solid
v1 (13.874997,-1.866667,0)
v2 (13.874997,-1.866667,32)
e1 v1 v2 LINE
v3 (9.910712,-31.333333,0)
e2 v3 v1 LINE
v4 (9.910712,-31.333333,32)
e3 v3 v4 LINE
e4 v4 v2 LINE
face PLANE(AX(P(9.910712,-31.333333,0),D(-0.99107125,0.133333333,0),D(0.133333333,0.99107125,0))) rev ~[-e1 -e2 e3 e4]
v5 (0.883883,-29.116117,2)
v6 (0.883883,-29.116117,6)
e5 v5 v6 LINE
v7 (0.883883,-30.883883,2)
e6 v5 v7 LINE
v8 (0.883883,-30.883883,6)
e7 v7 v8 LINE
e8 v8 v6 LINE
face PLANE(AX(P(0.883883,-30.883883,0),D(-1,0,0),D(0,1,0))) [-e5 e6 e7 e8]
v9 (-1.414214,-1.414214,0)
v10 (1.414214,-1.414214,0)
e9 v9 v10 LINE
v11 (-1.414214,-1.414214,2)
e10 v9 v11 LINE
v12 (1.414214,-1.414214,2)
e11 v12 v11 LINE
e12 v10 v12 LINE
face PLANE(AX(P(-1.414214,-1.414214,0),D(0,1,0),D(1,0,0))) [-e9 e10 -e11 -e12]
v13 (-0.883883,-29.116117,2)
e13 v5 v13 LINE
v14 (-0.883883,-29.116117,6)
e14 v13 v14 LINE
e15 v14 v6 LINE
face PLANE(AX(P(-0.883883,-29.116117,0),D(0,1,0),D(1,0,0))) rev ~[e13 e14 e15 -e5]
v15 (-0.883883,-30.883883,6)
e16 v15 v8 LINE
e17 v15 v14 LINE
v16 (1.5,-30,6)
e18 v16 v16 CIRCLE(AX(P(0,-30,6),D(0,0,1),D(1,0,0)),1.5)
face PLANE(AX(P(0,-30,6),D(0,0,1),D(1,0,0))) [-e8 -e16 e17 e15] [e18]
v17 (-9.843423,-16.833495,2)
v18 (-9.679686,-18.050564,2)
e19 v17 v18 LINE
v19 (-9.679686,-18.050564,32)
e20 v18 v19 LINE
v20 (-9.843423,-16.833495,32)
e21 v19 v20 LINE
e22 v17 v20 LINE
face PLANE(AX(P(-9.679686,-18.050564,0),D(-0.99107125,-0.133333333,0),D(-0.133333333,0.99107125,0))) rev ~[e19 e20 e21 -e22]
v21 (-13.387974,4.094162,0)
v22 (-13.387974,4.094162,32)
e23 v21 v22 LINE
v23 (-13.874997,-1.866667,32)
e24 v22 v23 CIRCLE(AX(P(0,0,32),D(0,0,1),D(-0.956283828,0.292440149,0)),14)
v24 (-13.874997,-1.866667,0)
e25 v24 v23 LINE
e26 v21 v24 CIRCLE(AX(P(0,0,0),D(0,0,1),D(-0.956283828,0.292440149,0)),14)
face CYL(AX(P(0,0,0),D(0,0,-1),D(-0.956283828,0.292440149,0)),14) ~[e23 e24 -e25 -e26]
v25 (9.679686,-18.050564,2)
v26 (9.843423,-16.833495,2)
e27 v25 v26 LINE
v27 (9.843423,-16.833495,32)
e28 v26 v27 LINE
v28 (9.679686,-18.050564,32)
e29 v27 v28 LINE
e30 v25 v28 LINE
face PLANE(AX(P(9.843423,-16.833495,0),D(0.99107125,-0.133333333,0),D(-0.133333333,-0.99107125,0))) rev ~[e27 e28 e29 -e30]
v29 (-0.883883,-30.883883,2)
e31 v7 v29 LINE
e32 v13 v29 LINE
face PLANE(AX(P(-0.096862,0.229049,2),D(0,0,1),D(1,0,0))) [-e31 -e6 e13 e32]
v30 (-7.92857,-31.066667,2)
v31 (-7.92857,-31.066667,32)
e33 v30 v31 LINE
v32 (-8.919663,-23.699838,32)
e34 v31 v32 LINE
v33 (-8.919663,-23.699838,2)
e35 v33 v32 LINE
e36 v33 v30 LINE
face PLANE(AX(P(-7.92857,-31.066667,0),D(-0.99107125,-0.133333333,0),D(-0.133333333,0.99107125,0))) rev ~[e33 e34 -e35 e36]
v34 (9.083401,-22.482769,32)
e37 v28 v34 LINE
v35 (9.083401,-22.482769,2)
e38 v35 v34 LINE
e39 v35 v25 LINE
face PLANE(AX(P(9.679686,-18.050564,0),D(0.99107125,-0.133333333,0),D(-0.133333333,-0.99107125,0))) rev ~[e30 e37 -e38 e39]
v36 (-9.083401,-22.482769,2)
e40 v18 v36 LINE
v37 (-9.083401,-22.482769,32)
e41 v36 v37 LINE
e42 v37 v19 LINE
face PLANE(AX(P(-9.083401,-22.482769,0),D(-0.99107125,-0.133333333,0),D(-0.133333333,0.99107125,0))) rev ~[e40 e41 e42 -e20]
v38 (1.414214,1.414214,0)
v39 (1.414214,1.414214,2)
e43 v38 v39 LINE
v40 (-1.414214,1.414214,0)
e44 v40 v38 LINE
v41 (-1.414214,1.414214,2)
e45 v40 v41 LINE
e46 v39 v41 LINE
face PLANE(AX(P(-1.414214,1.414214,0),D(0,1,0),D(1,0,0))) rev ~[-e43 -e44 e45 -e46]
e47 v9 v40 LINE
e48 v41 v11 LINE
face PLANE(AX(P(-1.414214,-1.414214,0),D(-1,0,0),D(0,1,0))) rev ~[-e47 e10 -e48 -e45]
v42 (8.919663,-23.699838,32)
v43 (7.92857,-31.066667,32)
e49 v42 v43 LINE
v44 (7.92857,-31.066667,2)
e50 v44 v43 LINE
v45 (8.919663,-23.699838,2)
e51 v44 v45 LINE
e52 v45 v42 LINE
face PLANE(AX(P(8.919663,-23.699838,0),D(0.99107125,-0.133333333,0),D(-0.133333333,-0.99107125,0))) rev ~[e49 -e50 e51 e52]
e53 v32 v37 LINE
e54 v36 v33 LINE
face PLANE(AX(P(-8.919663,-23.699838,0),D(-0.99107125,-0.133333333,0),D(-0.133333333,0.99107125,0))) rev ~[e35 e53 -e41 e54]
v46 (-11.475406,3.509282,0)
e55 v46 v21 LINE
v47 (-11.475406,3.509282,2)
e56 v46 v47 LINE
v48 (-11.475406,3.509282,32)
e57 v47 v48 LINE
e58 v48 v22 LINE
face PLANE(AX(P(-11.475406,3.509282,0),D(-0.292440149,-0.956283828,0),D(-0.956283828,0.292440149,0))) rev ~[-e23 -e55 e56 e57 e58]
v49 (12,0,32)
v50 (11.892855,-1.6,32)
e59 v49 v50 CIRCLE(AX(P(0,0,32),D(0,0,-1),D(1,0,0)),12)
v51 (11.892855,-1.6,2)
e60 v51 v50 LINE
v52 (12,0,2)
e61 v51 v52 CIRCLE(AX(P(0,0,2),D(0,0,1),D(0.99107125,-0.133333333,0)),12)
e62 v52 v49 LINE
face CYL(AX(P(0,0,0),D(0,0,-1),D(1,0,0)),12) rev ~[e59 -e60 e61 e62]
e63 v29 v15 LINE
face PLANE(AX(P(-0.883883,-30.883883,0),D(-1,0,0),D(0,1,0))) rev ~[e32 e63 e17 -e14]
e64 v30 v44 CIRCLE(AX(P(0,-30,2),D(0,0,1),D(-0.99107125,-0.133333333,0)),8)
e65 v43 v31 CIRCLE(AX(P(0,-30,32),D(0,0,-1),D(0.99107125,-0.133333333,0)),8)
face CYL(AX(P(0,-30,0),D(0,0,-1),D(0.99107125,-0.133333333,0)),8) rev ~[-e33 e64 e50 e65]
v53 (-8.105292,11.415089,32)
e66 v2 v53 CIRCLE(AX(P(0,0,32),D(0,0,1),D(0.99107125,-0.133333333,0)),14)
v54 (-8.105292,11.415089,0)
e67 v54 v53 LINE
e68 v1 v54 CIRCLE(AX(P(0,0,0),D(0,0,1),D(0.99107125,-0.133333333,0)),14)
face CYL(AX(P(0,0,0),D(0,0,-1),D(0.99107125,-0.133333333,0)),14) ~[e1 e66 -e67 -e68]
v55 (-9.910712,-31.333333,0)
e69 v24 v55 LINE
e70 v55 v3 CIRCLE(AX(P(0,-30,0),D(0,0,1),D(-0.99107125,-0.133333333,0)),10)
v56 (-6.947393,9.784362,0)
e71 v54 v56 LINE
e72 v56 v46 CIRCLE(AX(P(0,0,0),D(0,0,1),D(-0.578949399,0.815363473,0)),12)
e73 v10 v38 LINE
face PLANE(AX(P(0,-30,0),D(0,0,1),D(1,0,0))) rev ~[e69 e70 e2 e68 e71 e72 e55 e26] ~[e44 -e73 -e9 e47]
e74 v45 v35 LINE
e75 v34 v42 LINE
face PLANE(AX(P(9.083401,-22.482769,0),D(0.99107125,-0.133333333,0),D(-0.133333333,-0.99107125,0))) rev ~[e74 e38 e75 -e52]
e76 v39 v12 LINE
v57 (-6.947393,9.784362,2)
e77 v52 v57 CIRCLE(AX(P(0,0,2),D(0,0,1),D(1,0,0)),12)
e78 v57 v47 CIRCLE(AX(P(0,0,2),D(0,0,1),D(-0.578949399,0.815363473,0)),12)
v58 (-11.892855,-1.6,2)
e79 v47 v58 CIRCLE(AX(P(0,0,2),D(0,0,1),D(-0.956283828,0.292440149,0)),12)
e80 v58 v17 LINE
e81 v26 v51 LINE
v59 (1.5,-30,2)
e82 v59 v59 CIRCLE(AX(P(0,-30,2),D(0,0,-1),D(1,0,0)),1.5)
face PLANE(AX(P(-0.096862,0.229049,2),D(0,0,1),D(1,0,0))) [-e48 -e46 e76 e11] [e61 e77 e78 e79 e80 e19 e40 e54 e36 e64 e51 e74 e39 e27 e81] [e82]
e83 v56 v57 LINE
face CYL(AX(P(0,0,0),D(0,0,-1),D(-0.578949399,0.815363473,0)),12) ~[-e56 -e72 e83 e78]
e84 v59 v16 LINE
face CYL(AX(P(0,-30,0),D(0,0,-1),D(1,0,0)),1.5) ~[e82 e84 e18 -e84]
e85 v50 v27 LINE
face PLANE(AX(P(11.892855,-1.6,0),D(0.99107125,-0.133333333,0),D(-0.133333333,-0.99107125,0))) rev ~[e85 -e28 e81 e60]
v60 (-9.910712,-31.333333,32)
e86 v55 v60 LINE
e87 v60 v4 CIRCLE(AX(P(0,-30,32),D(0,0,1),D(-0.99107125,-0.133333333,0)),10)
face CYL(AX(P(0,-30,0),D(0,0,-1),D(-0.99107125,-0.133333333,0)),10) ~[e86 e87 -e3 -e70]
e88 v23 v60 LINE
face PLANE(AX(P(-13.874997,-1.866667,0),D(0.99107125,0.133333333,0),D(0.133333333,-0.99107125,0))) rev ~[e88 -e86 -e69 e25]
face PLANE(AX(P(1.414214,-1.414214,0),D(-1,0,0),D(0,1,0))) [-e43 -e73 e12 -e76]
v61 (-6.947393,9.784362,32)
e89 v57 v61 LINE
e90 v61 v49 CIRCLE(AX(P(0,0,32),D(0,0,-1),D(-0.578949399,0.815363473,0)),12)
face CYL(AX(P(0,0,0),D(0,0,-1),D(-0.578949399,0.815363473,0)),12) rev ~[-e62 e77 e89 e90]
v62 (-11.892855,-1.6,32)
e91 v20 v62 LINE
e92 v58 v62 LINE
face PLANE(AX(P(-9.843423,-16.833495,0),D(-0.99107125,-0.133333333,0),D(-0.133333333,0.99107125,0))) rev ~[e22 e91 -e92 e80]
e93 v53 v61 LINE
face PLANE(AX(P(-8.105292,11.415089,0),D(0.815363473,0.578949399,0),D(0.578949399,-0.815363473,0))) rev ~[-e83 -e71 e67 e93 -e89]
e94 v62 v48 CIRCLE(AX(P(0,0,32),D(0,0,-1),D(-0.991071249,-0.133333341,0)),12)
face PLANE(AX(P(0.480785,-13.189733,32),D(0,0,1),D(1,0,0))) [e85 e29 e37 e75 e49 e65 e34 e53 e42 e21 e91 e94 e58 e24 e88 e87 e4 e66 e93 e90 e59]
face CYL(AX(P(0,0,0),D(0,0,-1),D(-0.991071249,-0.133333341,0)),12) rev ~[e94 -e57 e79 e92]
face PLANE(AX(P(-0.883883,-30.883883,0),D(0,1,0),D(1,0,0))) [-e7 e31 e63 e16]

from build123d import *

# Parameters (mm, degrees)
F1_DEPTH = 32
F0_R     = 4
F0_R_2   = 4.8981963292
F0_R_3   = 2.949247213
F0_R_4   = 2.5
F0_R_5   = 1.5
F0_W     = 2.8284271247
F0_H     = 2.8284271247
F0_W_2   = 1.767766953
F0_H_2   = 1.767766953
F2_DEPTH = 2
F3_DEPTH = 3
F4_DEPTH = 6


with BuildPart() as f1:
    # F0 (on Top) → F1 (new body)
    with BuildSketch(Plane.XY):
        with BuildLine():
            Line((9.9107124982, -31.3333333333), (13.8749974975, -1.8666666667))
            ThreePointArc((13.8749974975, -1.8666666667), (7.2404165941, 11.9823356464), (-8.1052915892, 11.4150886223))
            Line((-8.1052915892, 11.4150886223), (-6.9473927907, 9.7843616762))
            ThreePointArc((-6.9473927907, 9.7843616762), (5.5059643348, 10.6622866565), (12, 0))
            ThreePointArc((12, 0), (11.9731837866, -0.8017917516), (11.8928549979, -1.6))
            Line((11.8928549979, -1.6), (9.843423449, -16.8334951494))
            Line((9.843423449, -16.8334951494), (9.6796856306, -18.0505639815))
            Line((9.6796856306, -18.0505639815), (9.0834008366, -22.4827693518))
            Line((9.0834008366, -22.4827693518), (8.9196630183, -23.6998381839))
            Line((8.9196630183, -23.6998381839), (7.9285699986, -31.0666666667))
            ThreePointArc((7.9285699986, -31.0666666667), (0, -38), (-7.9285699986, -31.0666666667))
            Line((-7.9285699986, -31.0666666667), (-8.9196630183, -23.6998381839))
            Line((-8.9196630183, -23.6998381839), (-9.0834008366, -22.4827693518))
            Line((-9.0834008366, -22.4827693518), (-9.6796856306, -18.0505639815))
            Line((-9.6796856306, -18.0505639815), (-9.843423449, -16.8334951494))
            Line((-9.843423449, -16.8334951494), (-11.892854985, -1.6000000955))
            ThreePointArc((-11.892854985, -1.6000000955), (-11.9601461079, 0.9771924467), (-11.4754059318, 3.5092817927))
            Line((-11.4754059318, 3.5092817927), (-13.3879735871, 4.0941620915))
            ThreePointArc((-13.3879735871, 4.0941620915), (-13.953503788, 1.1400579105), (-13.8749974975, -1.8666666667))
            Line((-13.8749974975, -1.8666666667), (-9.9107124982, -31.3333333333))
            ThreePointArc((-9.9107124982, -31.3333333333), (0, -40), (9.9107124982, -31.3333333333))
        make_face()
    extrude(amount=F1_DEPTH)

    # F0 (on Top) → F2 (join)
    with BuildSketch(Plane.XY):
        with BuildLine():
            ThreePointArc((12, 0), (5.5059643348, 10.6622866565), (-6.9473927907, 9.7843616762))
            ThreePointArc((-6.9473927907, 9.7843616762), (-9.7310860174, 7.0218206272), (-11.4754059318, 3.5092817927))
            ThreePointArc((-11.4754059318, 3.5092817927), (-11.9601461079, 0.9771924467), (-11.892854985, -1.6000000955))
            ThreePointArc((-11.892854985, -1.6000000955), (4.82e-08, -12), (11.8928549979, -1.6))
            ThreePointArc((11.8928549979, -1.6), (11.9731837866, -0.8017917516), (12, 0))
        make_face()
        Circle(F0_R, mode=Mode.SUBTRACT)
        with BuildLine():
            ThreePointArc((8, -30), (-0.5345278344, -22.0178774756), (-7.9285699986, -31.0666666667))
            ThreePointArc((-7.9285699986, -31.0666666667), (0, -38), (7.9285699986, -31.0666666667))
            ThreePointArc((7.9285699986, -31.0666666667), (7.9821225244, -30.5345278344), (8, -30))
        make_face()
        with Locations((0, -30)):
            Circle(F0_R_2, mode=Mode.SUBTRACT)
        with BuildLine():
            ThreePointArc((11.8928549979, -1.6), (4.82e-08, -12), (-11.892854985, -1.6000000955))
            Line((-11.892854985, -1.6000000955), (-9.843423449, -16.8334951494))
            ThreePointArc((-9.843423449, -16.8334951494), (-3.4351157347, -19.4666666667), (-8.9196630183, -23.6998381839))
            Line((-8.9196630183, -23.6998381839), (-7.9285699986, -31.0666666667))
            ThreePointArc((-7.9285699986, -31.0666666667), (-0.5345278344, -22.0178774756), (8, -30))
            ThreePointArc((8, -30), (7.9821225244, -30.5345278344), (7.9285699986, -31.0666666667))
            Line((7.9285699986, -31.0666666667), (8.9196630183, -23.6998381839))
            ThreePointArc((8.9196630183, -23.6998381839), (3.4351157347, -19.4666666667), (9.843423449, -16.8334951494))
            Line((9.843423449, -16.8334951494), (11.8928549979, -1.6))
        make_face()
        with Locations((0, -30)):
            Circle(F0_R_2)
        with Locations((0, -30)):
            Circle(F0_R_3, mode=Mode.SUBTRACT)
        Circle(F0_R)
        Circle(F0_R_4, mode=Mode.SUBTRACT)
        with Locations((0, -30)):
            Circle(F0_R_3)
        with Locations((0, -30)):
            Circle(F0_R_5, mode=Mode.SUBTRACT)
        with BuildLine():
            ThreePointArc((-9.0834008366, -22.4827693518), (-4.4261869845, -19.6), (-9.6796856306, -18.0505639815))
            Line((-9.6796856306, -18.0505639815), (-9.0834008366, -22.4827693518))
        make_face()
        with BuildLine():
            Line((9.0834008366, -22.4827693518), (9.6796856306, -18.0505639815))
            ThreePointArc((9.6796856306, -18.0505639815), (4.4261869845, -19.6), (9.0834008366, -22.4827693518))
        make_face()
        Circle(F0_R_4)
        Rectangle(F0_W, F0_H, mode=Mode.SUBTRACT)
        with BuildLine():
            Line((9.6796856306, -18.0505639815), (9.843423449, -16.8334951494))
            ThreePointArc((9.843423449, -16.8334951494), (3.4351157347, -19.4666666667), (8.9196630183, -23.6998381839))
            Line((8.9196630183, -23.6998381839), (9.0834008366, -22.4827693518))
            ThreePointArc((9.0834008366, -22.4827693518), (4.4261869845, -19.6), (9.6796856306, -18.0505639815))
        make_face()
        with BuildLine():
            ThreePointArc((-8.9196630183, -23.6998381839), (-3.4351157347, -19.4666666667), (-9.843423449, -16.8334951494))
            Line((-9.843423449, -16.8334951494), (-9.6796856306, -18.0505639815))
            ThreePointArc((-9.6796856306, -18.0505639815), (-4.4261869845, -19.6), (-9.0834008366, -22.4827693518))
            Line((-9.0834008366, -22.4827693518), (-8.9196630183, -23.6998381839))
        make_face()
        Rectangle(F0_W, F0_H)
        with Locations((0, -30)):
            Circle(F0_R_5)
        with Locations((0, -30)):
            Rectangle(F0_W_2, F0_H_2, mode=Mode.SUBTRACT)
        with Locations((0, -30)):
            Rectangle(F0_W_2, F0_H_2)
    extrude(amount=F2_DEPTH)

    # F0 (on Top) → F3 (cut)
    with BuildSketch(Plane.XY):
        Rectangle(F0_W, F0_H)
    extrude(amount=F3_DEPTH, mode=Mode.SUBTRACT)

    # F0 (on Top) → F4 (join)
    with BuildSketch(Plane.XY):
        with Locations((0, -30)):
            Circle(F0_R_5)
        with Locations((0, -30)):
            Rectangle(F0_W_2, F0_H_2, mode=Mode.SUBTRACT)
    extrude(amount=F4_DEPTH)


solid = f1.part
